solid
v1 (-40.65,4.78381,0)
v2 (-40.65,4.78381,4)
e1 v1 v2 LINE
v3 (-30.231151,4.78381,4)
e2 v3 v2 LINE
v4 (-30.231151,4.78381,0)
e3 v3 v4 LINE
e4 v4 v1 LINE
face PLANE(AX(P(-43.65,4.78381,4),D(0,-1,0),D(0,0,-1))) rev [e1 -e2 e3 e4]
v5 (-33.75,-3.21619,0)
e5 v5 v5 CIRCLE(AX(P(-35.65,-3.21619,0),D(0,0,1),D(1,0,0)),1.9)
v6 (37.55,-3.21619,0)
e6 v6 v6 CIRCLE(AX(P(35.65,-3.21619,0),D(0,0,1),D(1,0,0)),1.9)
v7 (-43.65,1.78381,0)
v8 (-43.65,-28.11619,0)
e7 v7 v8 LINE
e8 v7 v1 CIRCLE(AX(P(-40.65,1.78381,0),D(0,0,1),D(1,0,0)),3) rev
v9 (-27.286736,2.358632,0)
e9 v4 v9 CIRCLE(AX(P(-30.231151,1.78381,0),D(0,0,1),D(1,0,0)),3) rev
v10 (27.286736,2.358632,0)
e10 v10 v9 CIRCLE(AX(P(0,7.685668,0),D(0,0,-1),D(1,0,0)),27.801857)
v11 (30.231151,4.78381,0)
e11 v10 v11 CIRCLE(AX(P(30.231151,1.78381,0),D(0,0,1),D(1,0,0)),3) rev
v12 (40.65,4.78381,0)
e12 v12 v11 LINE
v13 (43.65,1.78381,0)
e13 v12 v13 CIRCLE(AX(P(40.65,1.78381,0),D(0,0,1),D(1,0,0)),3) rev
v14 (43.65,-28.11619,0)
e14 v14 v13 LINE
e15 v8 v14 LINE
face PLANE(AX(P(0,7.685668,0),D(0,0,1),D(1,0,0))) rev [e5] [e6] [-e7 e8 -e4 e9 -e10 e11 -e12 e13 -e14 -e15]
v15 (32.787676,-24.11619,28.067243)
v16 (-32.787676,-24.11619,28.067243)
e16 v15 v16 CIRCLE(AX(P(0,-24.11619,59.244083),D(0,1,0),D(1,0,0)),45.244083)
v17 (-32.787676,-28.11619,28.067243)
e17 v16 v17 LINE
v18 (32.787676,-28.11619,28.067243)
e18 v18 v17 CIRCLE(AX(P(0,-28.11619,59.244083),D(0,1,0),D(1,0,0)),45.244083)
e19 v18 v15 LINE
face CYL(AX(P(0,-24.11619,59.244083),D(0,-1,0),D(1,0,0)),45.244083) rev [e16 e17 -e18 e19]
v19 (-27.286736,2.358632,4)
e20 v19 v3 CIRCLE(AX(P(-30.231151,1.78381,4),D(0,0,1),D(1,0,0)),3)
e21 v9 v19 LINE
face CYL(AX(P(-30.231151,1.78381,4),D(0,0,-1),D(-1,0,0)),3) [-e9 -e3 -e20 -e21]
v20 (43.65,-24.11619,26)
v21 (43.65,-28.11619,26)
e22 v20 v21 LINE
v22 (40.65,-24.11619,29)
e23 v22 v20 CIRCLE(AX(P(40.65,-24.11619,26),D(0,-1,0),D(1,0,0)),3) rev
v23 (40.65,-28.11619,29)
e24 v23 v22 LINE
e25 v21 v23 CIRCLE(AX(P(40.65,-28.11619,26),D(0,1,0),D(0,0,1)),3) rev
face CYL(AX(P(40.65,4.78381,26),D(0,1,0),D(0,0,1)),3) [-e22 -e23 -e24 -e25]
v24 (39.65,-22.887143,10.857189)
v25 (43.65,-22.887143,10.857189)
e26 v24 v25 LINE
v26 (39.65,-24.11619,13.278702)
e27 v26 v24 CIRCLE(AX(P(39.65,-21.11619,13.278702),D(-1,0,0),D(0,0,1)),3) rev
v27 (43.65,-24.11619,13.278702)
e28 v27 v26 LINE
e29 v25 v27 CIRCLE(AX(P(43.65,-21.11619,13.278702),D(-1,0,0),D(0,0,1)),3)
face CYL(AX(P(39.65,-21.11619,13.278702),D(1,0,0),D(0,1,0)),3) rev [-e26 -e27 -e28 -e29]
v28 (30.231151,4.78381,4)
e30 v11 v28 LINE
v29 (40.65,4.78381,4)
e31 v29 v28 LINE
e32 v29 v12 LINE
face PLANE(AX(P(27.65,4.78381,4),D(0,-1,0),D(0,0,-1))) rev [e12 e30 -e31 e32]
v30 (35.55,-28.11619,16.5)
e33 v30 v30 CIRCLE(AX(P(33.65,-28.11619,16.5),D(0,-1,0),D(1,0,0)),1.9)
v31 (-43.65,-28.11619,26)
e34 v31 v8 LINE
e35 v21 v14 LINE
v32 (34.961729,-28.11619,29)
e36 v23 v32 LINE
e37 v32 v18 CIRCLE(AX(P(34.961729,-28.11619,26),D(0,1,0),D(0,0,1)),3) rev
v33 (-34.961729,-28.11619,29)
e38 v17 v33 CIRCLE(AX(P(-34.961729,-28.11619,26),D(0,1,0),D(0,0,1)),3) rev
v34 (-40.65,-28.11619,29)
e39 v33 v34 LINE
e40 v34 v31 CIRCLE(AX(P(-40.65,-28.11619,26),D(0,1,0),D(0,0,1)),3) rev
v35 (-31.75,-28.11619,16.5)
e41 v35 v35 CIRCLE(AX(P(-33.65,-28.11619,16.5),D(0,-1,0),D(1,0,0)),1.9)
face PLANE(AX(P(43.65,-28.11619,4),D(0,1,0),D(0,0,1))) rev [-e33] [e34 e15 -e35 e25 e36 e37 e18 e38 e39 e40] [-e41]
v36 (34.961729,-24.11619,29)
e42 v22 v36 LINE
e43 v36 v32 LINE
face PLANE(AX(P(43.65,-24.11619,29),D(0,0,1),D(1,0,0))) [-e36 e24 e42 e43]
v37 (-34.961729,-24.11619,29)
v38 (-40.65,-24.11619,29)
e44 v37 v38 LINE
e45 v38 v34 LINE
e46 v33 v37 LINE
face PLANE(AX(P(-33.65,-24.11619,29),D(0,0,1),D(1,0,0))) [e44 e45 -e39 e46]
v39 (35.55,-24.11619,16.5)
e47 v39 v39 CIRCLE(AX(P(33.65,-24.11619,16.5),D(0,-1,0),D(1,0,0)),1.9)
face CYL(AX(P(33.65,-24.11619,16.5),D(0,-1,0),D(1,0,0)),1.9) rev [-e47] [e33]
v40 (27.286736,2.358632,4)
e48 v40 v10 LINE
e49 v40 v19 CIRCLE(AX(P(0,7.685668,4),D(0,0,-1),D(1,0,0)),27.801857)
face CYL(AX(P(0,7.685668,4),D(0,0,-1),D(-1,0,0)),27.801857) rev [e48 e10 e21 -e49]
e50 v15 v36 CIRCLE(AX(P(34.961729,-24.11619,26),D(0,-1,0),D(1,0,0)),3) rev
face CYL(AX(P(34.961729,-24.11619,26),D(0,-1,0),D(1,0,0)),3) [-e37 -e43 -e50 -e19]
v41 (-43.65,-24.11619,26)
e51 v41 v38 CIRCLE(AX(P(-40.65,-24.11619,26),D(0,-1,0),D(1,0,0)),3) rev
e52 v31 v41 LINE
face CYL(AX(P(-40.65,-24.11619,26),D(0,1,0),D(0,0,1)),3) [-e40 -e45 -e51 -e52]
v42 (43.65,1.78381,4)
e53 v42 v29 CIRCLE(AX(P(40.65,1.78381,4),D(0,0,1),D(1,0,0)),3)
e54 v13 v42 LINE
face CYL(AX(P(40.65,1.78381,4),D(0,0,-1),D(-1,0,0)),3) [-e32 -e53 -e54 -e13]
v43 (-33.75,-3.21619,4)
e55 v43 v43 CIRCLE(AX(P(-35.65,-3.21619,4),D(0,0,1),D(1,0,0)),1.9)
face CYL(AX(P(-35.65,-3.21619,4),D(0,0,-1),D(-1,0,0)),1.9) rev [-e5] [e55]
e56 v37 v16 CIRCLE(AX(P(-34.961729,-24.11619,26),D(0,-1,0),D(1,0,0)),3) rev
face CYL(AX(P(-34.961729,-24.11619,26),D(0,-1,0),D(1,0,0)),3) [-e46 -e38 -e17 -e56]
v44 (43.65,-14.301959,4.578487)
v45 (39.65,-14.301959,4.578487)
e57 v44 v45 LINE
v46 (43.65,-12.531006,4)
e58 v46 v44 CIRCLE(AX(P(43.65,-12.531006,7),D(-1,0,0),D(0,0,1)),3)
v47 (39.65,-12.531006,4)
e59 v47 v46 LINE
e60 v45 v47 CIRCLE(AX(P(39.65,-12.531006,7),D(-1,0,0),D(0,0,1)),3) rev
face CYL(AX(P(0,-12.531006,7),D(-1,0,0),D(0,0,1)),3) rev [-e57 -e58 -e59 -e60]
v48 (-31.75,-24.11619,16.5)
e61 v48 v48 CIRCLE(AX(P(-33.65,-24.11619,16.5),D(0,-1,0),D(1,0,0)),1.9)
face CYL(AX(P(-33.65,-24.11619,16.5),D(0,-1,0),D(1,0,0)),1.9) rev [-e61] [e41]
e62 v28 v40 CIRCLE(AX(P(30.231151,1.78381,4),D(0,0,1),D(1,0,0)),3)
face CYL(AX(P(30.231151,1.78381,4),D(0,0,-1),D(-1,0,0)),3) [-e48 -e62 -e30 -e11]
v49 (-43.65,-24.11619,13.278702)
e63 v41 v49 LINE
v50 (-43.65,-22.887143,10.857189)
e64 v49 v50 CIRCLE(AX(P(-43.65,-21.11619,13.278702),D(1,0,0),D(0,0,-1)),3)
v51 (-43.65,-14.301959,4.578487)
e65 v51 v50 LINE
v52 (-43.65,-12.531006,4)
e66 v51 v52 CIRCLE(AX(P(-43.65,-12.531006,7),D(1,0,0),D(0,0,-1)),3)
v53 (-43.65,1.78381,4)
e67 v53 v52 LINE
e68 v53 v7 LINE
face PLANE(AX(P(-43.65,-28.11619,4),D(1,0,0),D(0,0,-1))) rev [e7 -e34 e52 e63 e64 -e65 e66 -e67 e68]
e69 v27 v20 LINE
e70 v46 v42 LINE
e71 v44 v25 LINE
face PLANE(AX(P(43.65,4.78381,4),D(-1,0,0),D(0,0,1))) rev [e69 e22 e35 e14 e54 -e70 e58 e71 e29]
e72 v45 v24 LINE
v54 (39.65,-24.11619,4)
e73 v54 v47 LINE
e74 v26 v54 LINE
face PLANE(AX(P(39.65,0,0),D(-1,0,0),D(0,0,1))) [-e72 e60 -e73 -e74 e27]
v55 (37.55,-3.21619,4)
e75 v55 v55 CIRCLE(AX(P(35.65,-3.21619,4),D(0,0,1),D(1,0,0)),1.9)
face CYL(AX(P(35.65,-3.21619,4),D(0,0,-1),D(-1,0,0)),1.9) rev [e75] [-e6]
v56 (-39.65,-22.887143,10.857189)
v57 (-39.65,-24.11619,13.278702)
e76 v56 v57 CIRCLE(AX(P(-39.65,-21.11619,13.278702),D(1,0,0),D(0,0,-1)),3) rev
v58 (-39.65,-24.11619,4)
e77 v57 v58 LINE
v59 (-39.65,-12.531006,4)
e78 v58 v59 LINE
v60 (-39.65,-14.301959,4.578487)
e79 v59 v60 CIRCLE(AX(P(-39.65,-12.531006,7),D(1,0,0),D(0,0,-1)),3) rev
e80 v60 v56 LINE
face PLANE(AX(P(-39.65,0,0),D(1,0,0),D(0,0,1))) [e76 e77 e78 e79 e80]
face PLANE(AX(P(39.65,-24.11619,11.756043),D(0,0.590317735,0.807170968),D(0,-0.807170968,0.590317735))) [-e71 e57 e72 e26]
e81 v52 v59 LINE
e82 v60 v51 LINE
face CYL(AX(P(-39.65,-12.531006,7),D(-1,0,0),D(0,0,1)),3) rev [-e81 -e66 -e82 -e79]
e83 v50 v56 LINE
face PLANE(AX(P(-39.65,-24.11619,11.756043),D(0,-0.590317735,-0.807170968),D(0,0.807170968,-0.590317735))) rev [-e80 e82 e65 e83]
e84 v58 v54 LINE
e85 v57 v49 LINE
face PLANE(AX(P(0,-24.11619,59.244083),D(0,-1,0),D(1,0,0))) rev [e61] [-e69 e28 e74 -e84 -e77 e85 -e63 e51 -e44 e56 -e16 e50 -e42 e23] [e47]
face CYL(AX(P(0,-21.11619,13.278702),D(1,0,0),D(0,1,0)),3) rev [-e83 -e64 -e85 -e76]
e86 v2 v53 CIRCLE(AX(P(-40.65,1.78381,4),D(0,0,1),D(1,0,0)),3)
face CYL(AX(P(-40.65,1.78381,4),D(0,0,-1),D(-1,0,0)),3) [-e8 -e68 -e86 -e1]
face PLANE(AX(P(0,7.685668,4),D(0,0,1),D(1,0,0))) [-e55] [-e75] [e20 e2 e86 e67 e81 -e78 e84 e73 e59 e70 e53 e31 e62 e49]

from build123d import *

# Parameters (mm, degrees)
SKETCH1_R      = 1.9
EXTRUDE1_DEPTH = 4
SKETCH2_R      = 1.9
EXTRUDE2_DEPTH = 4
EXTRUDE3_DEPTH = 4
FILLET1_R      = 3


with BuildPart() as part:
    # Sketch1 → Extrude1 (new body)
    with BuildSketch(Plane.XY):
        with BuildLine():
            Line((-43.65, 4.783810266), (-27.65, 4.783810266))
            ThreePointArc((-27.65, 4.783810266), (0, -20.116189734), (27.65, 4.783810266))
            Line((27.65, 4.783810266), (43.65, 4.783810266))
            Line((43.65, 4.783810266), (43.65, -28.116189734))
            Line((43.65, -28.116189734), (-43.65, -28.116189734))
            Line((-43.65, -28.116189734), (-43.65, 4.783810266))
        make_face()
        with Locations((-35.65, -3.216189734)):
            Circle(SKETCH1_R, mode=Mode.SUBTRACT)
        with Locations((35.65, -3.216189734)):
            Circle(SKETCH1_R, mode=Mode.SUBTRACT)
    extrude(amount=EXTRUDE1_DEPTH)



with BuildPart() as body_2:
    # Sketch2 → Extrude2 (new body)
    with BuildSketch(Plane.XZ.offset(28.116189734)):
        with BuildLine():
            Line((-33.65, 29), (-43.65, 29))
            Line((-43.65, 29), (-43.65, 4))
            Line((-43.65, 4), (43.65, 4))
            Line((43.65, 4), (43.65, 29))
            Line((43.65, 29), (33.65, 29))
            ThreePointArc((33.65, 29), (0, 14), (-33.65, 29))
        make_face()
        with Locations((-33.65, 16.5)):
            Circle(SKETCH2_R, mode=Mode.SUBTRACT)
        with Locations((33.65, 16.5)):
            Circle(SKETCH2_R, mode=Mode.SUBTRACT)
    extrude(amount=-EXTRUDE2_DEPTH)


with BuildPart() as part_1:
    add(part.part)

    add(body_2.part)  # Extrude3 merges body 2
    # Sketch3 → Extrude3 (add)
    with BuildSketch(Plane(origin=(43.65, 0, 0), x_dir=(0, 0, -1), z_dir=(1, 0, 0))):
        Polygon((-4, -24.116189734), (-11.756042517, -24.116189734), (-4, -13.510964822), align=None)
    extrude3 = extrude(amount=-EXTRUDE3_DEPTH)

    # Mirror1: Extrude3 across plane
    add(extrude3.mirror(Plane(origin=(0, 0, 0), x_dir=(0, 0, 1), z_dir=(1, 0, 0))))

    # Fillet1
    fillet1_edges = [part_1.edges().sort_by_distance(p)[0] for p in [
        (-43.65, 4.783810266, 2),
        (-27.65, 4.783810266, 2),
        (27.65, 4.783810266, 2),
        (43.65, 4.783810266, 2),
        (41.65, -13.510964822, 4),
        (41.65, -24.116189734, 11.756042517),
        (-33.65, -26.116189734, 29),
        (33.65, -26.116189734, 29),
        (43.65, -26.116189734, 29),
        (-43.65, -26.116189734, 29),
        (-41.65, -13.510964822, 4),
        (-41.65, -24.116189734, 11.756042517),
    ]]
    fillet(fillet1_edges, radius=FILLET1_R)


solid = part_1.part
